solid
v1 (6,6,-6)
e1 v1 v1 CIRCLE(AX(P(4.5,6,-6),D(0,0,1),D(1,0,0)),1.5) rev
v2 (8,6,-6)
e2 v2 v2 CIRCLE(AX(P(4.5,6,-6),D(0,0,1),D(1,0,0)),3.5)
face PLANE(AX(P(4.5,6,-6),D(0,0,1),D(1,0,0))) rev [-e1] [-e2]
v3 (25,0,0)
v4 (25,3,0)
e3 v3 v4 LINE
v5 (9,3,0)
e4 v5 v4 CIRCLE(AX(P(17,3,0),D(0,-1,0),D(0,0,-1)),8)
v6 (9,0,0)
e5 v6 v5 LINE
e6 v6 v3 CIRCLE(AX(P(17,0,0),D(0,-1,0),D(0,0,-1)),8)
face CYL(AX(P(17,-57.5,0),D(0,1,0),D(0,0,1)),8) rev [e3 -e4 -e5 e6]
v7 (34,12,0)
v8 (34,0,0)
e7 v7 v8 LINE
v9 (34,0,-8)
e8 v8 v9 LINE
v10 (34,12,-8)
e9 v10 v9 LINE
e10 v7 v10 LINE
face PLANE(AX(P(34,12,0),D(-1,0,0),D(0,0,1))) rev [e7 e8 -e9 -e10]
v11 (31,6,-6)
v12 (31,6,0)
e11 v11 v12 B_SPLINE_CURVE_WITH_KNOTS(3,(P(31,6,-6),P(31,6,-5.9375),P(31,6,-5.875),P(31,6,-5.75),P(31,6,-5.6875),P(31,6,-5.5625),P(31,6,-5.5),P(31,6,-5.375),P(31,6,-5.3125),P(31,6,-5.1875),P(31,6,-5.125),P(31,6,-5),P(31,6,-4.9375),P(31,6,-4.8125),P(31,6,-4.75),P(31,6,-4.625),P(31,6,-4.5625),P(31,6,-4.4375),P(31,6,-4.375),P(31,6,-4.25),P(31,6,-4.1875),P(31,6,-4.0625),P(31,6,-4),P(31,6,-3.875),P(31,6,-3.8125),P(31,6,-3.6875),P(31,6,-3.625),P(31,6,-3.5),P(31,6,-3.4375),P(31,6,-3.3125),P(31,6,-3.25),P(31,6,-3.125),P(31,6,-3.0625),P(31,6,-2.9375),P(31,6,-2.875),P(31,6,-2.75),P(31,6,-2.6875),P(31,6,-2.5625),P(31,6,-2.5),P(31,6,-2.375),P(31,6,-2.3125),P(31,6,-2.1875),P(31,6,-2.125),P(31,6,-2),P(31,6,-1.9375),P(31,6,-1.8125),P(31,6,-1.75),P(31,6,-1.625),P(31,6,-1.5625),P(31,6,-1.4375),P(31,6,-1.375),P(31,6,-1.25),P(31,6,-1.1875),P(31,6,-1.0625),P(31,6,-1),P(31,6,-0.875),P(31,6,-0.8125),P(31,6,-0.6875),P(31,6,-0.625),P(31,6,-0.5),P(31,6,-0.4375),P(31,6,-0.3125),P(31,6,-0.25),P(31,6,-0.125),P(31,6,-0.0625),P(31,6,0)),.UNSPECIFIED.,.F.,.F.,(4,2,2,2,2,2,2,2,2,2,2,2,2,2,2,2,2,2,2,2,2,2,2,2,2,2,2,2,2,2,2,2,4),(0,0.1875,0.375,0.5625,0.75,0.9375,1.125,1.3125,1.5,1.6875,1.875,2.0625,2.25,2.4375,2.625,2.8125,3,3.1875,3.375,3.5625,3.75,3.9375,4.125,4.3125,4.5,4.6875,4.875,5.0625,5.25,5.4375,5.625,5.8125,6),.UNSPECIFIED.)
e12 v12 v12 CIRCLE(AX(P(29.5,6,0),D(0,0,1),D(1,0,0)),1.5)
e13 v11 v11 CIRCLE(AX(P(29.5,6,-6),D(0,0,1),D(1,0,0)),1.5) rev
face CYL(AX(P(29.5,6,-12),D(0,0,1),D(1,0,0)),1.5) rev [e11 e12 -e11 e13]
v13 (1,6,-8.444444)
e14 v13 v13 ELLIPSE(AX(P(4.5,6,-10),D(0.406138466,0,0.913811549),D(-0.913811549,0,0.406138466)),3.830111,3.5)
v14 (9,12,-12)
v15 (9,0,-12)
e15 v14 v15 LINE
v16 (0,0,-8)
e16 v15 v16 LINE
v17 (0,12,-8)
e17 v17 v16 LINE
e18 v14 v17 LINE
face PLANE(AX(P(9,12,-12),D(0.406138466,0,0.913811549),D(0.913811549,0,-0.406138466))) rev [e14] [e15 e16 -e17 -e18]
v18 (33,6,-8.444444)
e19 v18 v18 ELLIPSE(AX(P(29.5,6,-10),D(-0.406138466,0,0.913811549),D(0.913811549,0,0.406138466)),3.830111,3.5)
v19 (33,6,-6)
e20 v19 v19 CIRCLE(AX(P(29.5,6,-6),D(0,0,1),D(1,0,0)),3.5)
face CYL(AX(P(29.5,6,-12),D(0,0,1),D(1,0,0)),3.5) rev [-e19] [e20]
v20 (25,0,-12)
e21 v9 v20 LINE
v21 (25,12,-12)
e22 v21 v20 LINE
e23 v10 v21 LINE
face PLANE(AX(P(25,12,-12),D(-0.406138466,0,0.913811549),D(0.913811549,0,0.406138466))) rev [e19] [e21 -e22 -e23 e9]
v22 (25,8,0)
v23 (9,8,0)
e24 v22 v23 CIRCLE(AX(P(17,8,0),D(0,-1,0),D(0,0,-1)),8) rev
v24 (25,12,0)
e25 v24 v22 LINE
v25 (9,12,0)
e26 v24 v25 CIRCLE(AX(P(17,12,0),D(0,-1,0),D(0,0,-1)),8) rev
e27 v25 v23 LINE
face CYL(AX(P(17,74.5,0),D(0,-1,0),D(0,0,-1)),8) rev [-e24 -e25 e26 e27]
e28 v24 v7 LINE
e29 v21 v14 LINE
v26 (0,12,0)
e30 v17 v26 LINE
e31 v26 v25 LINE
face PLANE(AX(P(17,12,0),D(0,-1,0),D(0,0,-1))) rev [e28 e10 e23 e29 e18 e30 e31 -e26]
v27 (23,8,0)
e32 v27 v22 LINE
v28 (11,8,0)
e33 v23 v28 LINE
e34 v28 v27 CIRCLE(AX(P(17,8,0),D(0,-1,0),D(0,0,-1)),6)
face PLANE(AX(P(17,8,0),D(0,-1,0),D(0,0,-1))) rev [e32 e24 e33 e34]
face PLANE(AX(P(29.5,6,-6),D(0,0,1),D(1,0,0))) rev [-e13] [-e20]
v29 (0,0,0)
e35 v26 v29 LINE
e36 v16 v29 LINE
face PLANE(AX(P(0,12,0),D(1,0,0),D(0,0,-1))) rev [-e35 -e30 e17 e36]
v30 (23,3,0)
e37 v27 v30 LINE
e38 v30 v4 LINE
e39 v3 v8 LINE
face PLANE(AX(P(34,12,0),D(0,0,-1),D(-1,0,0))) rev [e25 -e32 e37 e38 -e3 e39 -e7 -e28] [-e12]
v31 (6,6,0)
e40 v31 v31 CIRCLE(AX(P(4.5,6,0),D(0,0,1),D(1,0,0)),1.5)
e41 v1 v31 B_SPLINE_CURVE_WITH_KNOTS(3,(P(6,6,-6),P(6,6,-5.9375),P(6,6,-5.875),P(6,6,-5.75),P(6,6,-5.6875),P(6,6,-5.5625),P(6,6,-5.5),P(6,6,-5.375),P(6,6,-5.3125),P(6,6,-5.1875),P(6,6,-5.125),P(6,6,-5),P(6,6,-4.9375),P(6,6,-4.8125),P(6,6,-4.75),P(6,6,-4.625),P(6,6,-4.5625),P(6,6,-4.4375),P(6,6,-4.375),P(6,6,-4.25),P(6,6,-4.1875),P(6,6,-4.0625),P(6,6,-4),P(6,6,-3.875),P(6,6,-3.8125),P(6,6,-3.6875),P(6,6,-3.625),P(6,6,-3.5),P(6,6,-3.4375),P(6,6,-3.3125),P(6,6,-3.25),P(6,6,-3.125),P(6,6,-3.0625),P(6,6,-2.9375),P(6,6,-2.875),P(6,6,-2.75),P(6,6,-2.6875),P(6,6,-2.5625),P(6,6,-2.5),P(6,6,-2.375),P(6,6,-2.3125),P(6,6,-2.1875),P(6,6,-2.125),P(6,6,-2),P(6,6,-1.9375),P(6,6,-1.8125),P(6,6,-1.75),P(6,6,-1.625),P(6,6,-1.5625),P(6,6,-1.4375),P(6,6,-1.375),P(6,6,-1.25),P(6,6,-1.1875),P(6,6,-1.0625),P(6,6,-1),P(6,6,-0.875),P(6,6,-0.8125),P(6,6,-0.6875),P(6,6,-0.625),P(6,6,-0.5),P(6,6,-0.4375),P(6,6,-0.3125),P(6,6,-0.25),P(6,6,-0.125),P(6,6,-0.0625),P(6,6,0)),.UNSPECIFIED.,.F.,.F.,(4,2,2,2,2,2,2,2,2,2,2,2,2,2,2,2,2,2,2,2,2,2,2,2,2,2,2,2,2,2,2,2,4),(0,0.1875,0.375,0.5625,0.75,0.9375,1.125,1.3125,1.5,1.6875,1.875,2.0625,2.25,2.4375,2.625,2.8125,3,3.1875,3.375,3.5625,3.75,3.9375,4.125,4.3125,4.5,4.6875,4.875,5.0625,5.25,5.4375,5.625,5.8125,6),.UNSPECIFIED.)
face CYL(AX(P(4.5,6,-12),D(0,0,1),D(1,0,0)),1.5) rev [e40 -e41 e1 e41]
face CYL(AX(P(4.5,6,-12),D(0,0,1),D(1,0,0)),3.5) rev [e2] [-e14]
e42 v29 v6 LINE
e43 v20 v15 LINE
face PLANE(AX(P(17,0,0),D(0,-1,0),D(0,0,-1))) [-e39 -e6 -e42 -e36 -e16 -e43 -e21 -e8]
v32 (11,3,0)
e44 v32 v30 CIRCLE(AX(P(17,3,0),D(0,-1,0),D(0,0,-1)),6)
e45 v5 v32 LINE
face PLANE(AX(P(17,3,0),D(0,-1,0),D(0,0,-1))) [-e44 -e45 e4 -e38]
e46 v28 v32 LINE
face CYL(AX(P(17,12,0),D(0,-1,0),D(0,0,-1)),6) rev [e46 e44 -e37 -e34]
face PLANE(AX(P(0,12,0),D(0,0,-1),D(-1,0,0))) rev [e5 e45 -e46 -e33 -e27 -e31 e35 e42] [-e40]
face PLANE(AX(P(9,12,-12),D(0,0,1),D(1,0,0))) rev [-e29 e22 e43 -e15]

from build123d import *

# Parameters (mm, degrees)
EXTRUDE_1_DEPTH          = 12
SKETCH_3_R               = 1.5
CUT_EXTRUDE_1_DEPTH      = 39
CUT_EXTRUDE_START        = -6
SKETCH_4_R               = 3.5
CUT_EXTRUDE_2_DEPTH      = 33
SKETCH_5_R               = 3.5
CUT_EXTRUDE_4_DEPTH      = 33
CUT_EXTRUDE_6_DEPTH      = 39
CUT_EXTRUDE_6_DEPTH_BACK = 4
CUT_EXTRUDE_7_DEPTH      = 39
CUT_EXTRUDE_7_DEPTH_BACK = 3


with BuildPart() as part:
    # Эскиз2 → Бобышка-Вытянуть1 (new body)
    with BuildSketch(Plane(origin=(0, 0, 0), x_dir=(1, 0, 0), z_dir=(0, 1, 0))):
        with BuildLine():
            Line((0, 0), (0, 8))
            Line((0, 8), (9, 12))
            Line((9, 12), (25, 12))
            Line((25, 12), (34, 8))
            Line((34, 8), (34, 0))
            Line((34, 0), (23, 0))
            ThreePointArc((23, 0), (17, 6), (11, 0))
            Line((11, 0), (0, 0))
        make_face()
    extrude(amount=EXTRUDE_1_DEPTH)

    # Эскиз3 → Вырез-Вытянуть1 (cut, through all)
    with BuildSketch(Plane.XY):
        with Locations((4.5, 6)):
            Circle(SKETCH_3_R)
        with Locations((29.5, 6)):
            Circle(SKETCH_3_R)
    extrude(amount=-CUT_EXTRUDE_1_DEPTH, mode=Mode.SUBTRACT)

    # Эскиз4 → Вырез-Вытянуть2 (cut, through all)
    with BuildSketch(Plane.XY.offset(CUT_EXTRUDE_START)):
        with Locations((4.5, 6)):
            Circle(SKETCH_4_R)
    extrude(amount=-CUT_EXTRUDE_2_DEPTH, mode=Mode.SUBTRACT)

    # Эскиз5 → Вырез-Вытянуть4 (cut, through all)
    with BuildSketch(Plane.XY.offset(CUT_EXTRUDE_START)):
        with Locations((29.5, 6)):
            Circle(SKETCH_5_R)
    extrude(amount=-CUT_EXTRUDE_4_DEPTH, mode=Mode.SUBTRACT)

    # Эскиз6 → Вырез-Вытянуть6 (cut, two sides: drawn at the far end of the back side and taken through both)
    with BuildSketch(Plane(origin=(0, 12, 0), x_dir=(1, 0, 0), z_dir=(0, 1, 0)).offset(-CUT_EXTRUDE_6_DEPTH_BACK)):
        with BuildLine():
            Line((9, -65.461698495), (9, 0))
            ThreePointArc((9, 0), (17, 8), (25, 0))
            Line((25, 0), (25, -65.461698495))
            Line((25, -65.461698495), (25, -196.385095486))
            Line((25, -196.385095486), (9, -196.385095486))
            Line((9, -196.385095486), (9, -65.461698495))
        make_face()
    extrude(amount=CUT_EXTRUDE_6_DEPTH + CUT_EXTRUDE_6_DEPTH_BACK, mode=Mode.SUBTRACT)

    # Эскиз7 → Вырез-Вытянуть7 (cut, two sides: drawn at the far end of the back side and taken through both)
    with BuildSketch(Plane(origin=(0, 0, 0), x_dir=(-1, 0, 0), z_dir=(0, -1, 0)).offset(-CUT_EXTRUDE_7_DEPTH_BACK)):
        with BuildLine():
            Line((-9, -65.461698495), (-9, 0))
            ThreePointArc((-9, 0), (-17, 8), (-25, 0))
            Line((-25, 0), (-25, -65.461698495))
            Line((-25, -65.461698495), (-25, -196.385095486))
            Line((-25, -196.385095486), (-9, -196.385095486))
            Line((-9, -196.385095486), (-9, -65.461698495))
        make_face()
    extrude(amount=CUT_EXTRUDE_7_DEPTH + CUT_EXTRUDE_7_DEPTH_BACK, mode=Mode.SUBTRACT)


solid = part.part
